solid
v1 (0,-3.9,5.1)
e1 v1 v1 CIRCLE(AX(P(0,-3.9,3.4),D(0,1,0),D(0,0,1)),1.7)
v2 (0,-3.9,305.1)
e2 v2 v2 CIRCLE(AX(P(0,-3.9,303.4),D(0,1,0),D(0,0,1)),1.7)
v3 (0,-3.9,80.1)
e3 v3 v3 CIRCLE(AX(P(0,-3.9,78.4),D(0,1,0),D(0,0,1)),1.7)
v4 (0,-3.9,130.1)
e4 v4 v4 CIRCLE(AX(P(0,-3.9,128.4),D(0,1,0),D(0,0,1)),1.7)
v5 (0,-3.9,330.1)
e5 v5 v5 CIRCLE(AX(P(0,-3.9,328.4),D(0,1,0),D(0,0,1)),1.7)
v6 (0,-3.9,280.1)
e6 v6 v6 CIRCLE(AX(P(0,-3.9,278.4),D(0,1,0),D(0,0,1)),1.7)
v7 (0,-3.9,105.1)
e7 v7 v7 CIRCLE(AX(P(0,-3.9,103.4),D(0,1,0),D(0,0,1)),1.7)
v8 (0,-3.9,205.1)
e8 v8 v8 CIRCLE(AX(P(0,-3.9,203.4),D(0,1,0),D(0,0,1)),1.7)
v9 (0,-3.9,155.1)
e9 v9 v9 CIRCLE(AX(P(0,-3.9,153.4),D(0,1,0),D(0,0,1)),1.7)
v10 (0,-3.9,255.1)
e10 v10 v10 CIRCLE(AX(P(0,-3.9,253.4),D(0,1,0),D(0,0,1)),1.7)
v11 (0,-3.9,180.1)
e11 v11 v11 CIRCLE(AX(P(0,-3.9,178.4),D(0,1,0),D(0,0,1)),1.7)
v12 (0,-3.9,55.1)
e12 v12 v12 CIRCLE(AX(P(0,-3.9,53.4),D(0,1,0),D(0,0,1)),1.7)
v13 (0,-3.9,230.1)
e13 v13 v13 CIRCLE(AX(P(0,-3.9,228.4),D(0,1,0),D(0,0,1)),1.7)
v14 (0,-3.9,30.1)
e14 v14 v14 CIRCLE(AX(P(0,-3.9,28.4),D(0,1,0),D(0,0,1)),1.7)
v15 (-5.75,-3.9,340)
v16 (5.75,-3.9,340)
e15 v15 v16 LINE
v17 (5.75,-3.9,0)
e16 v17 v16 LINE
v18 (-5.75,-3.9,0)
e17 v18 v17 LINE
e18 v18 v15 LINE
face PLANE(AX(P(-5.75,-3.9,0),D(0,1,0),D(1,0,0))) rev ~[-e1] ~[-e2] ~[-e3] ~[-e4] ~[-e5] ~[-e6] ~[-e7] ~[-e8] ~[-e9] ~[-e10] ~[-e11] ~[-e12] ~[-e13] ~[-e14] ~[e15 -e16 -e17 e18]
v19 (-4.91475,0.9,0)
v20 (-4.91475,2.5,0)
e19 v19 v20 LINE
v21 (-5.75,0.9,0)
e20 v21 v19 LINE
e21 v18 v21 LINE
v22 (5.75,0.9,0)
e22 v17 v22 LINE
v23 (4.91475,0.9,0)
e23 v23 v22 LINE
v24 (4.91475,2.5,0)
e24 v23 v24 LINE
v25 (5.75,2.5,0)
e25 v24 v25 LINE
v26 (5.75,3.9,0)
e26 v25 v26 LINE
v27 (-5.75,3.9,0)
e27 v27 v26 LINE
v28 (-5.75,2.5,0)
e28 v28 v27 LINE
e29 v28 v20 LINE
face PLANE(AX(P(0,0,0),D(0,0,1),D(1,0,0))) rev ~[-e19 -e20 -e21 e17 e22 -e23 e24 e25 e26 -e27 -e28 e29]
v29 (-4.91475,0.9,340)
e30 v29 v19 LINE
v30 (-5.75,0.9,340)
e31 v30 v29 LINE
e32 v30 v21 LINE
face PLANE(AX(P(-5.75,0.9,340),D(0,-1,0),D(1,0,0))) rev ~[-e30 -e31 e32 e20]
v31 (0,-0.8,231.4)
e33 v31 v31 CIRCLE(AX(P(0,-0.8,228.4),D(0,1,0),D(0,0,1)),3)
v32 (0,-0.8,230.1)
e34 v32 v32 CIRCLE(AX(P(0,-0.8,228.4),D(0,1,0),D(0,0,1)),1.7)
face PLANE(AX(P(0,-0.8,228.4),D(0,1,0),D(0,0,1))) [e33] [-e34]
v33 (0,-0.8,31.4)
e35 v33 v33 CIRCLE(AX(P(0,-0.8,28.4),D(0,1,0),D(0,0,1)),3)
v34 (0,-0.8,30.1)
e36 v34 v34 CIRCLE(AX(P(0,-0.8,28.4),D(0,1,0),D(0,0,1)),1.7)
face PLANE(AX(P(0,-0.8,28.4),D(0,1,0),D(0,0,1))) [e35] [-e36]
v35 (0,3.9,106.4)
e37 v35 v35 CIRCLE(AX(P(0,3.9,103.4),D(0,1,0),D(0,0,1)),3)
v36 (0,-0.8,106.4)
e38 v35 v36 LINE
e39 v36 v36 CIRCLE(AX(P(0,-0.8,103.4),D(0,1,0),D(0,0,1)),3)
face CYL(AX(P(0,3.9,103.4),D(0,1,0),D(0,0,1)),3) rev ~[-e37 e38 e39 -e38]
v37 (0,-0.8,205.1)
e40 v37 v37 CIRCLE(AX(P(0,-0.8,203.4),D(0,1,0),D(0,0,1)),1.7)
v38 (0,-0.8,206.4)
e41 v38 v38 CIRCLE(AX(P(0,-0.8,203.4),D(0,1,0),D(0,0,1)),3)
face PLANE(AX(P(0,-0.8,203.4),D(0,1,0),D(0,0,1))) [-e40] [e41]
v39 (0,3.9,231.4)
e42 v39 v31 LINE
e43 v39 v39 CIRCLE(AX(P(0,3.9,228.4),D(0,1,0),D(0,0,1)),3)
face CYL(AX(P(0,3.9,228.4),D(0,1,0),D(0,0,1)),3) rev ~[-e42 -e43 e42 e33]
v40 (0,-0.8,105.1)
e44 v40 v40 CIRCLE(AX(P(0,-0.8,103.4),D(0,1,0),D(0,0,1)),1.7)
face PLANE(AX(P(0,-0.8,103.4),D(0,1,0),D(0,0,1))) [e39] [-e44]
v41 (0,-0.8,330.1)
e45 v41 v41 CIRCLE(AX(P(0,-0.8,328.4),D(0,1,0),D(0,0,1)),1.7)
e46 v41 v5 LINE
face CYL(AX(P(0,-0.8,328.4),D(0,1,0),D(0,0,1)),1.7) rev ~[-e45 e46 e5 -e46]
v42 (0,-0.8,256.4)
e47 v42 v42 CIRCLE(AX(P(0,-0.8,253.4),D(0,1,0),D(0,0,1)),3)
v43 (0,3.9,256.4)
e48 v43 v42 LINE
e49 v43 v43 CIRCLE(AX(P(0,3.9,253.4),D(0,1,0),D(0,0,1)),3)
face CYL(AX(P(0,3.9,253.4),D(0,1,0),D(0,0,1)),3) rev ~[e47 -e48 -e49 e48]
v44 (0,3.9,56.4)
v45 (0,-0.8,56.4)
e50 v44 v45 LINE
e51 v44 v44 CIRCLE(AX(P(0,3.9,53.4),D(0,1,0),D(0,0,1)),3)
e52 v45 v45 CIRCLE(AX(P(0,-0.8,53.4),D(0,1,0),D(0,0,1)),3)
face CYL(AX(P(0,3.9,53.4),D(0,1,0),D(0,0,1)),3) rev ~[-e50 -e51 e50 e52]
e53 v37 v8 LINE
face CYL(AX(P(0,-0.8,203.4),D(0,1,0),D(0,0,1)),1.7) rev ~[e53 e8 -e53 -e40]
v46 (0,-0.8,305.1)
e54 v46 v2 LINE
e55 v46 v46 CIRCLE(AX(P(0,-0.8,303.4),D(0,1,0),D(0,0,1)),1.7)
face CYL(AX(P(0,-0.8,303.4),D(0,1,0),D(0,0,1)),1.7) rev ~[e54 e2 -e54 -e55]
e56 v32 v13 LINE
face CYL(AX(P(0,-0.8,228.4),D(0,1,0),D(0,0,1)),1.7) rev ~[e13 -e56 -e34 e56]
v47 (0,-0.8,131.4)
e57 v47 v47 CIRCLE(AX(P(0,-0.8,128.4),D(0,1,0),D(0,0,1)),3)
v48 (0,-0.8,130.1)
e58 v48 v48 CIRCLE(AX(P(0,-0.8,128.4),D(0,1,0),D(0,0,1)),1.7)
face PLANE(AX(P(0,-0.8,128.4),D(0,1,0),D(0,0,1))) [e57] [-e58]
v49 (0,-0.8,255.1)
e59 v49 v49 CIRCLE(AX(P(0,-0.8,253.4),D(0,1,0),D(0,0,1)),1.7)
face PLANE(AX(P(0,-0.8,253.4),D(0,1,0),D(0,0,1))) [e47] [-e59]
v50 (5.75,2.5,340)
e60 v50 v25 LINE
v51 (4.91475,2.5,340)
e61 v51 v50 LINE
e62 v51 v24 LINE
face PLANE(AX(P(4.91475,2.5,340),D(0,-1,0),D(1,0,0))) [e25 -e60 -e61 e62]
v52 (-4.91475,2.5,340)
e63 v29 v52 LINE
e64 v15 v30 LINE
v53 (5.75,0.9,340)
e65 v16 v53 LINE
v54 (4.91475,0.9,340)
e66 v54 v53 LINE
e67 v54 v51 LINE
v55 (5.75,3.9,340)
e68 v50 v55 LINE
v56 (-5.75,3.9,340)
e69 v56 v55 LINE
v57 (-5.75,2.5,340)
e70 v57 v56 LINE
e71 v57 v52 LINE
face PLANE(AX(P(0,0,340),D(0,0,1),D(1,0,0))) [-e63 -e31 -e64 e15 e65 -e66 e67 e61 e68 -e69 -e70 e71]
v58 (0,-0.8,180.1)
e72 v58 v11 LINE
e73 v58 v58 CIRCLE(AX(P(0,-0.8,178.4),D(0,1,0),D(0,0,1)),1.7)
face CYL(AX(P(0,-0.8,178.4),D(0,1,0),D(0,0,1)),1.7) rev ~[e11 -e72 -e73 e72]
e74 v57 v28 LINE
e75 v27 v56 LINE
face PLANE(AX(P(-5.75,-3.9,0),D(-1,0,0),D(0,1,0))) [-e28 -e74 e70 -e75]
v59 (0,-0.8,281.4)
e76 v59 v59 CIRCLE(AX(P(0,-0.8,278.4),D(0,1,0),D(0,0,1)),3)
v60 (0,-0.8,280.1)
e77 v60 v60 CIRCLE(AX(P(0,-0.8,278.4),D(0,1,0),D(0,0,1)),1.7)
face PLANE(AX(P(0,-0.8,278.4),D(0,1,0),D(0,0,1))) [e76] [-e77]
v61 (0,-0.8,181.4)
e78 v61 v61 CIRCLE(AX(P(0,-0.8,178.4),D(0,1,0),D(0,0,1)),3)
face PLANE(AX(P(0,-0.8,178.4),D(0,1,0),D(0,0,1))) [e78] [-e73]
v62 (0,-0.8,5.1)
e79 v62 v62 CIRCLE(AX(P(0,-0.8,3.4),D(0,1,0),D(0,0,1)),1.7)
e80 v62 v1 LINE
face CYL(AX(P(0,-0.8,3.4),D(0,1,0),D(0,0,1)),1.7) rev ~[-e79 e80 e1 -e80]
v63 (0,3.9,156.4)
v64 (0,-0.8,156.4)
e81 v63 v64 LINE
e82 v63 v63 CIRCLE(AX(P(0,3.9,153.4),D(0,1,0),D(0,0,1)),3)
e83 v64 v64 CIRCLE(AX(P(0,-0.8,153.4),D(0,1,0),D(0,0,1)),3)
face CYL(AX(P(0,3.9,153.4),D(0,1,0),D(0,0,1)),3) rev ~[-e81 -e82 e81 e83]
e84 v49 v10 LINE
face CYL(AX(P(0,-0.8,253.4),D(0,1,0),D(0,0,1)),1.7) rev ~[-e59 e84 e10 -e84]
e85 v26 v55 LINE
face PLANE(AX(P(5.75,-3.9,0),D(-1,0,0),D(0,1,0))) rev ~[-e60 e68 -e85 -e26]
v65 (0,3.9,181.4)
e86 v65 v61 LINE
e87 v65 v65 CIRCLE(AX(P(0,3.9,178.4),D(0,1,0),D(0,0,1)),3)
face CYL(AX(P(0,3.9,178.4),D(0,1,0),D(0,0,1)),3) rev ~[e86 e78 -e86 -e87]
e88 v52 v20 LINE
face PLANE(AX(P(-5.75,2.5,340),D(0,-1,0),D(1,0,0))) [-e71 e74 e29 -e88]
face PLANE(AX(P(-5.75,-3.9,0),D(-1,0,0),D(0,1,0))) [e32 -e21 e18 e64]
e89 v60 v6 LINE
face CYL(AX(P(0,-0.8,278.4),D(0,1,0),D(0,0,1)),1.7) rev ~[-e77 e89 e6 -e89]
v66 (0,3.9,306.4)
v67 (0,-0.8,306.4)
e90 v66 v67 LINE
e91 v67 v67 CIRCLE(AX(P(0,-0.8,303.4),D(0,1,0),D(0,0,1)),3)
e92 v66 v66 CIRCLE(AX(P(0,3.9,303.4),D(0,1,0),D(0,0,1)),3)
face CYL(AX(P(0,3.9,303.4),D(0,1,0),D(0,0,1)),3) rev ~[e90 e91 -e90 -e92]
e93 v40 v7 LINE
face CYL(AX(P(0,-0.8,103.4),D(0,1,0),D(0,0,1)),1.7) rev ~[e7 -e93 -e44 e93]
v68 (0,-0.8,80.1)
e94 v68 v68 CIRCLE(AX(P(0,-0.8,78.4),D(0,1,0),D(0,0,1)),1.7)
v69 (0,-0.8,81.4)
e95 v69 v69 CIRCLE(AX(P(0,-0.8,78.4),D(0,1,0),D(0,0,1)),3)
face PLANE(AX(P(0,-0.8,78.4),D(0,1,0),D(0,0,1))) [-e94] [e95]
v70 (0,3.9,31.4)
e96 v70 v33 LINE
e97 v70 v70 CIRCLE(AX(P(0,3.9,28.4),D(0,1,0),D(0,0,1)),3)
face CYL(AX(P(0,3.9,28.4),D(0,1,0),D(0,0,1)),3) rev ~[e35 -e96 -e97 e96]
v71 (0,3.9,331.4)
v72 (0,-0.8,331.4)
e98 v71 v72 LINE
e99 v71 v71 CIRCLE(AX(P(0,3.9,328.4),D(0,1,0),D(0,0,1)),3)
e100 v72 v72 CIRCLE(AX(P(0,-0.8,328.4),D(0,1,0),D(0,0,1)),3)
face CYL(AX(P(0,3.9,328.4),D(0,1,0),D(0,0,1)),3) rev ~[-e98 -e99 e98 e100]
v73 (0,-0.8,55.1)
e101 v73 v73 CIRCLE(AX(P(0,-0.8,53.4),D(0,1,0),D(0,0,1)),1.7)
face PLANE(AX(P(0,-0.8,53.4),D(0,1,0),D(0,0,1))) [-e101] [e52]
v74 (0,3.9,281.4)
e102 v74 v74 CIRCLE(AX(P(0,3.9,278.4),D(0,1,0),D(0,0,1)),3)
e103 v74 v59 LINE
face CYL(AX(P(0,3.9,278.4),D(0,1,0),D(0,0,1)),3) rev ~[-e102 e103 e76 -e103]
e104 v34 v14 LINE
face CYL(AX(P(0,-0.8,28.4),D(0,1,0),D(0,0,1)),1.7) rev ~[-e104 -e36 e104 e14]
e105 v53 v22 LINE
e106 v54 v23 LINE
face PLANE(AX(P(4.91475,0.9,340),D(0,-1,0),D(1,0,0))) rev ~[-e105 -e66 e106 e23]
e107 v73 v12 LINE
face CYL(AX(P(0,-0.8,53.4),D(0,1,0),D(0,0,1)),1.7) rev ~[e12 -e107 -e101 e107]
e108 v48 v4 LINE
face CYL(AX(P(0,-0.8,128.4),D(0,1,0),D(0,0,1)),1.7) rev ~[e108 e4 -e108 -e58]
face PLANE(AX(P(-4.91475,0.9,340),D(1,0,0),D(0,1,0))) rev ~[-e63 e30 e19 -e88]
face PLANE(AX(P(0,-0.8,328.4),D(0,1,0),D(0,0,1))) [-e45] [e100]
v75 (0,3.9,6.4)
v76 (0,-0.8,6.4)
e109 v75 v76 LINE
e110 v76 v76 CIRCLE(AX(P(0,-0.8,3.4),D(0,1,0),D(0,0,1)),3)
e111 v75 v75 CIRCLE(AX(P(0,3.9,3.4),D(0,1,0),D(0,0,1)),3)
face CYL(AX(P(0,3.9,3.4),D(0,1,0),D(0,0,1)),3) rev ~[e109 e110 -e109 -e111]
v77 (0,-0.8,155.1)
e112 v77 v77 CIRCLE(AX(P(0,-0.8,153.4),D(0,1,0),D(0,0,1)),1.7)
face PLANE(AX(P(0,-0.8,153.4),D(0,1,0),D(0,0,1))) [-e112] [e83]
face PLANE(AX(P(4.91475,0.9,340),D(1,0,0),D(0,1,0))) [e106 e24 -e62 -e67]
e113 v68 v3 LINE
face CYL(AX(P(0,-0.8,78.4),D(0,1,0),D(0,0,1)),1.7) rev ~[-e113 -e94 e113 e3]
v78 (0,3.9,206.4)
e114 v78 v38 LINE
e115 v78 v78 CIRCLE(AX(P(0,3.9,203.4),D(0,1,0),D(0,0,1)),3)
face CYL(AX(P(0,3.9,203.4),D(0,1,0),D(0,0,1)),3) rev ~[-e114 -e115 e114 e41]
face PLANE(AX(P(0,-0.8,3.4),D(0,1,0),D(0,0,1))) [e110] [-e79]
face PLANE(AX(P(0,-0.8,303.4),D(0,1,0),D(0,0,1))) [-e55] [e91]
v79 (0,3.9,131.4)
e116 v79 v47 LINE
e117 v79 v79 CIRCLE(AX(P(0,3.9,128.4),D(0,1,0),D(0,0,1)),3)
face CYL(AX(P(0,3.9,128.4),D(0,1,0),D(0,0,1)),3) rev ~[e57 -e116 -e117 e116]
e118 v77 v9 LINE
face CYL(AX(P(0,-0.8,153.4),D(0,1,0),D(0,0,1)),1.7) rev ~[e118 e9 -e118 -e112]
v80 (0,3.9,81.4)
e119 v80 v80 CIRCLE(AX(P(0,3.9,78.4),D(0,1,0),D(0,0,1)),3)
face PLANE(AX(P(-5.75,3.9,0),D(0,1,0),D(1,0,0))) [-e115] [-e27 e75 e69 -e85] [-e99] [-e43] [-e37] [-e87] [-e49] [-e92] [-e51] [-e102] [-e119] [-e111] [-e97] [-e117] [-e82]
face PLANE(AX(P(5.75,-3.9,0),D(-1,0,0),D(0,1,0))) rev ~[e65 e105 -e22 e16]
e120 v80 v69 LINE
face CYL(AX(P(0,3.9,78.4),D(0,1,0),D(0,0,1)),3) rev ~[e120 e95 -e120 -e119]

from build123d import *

# Parameters (mm, degrees)
SKETCH1_W           = 11.5
SKETCH1_H           = 7.8
BOSS_EXTRUDE1_DEPTH = 340
SKETCH2_W           = 0.835250229
SKETCH2_H           = 1.6
CUT_EXTRUDE1_DEPTH  = 341.070981561
SKETCH3_R           = 3
CUT_EXTRUDE2_DEPTH  = 4.7
SKETCH4_R           = 1.7
CUT_EXTRUDE3_DEPTH  = 341.081096946


with BuildPart() as part:
    # Sketch1 → Boss-Extrude1 (new body)
    with BuildSketch(Plane.XY):
        Rectangle(SKETCH1_W, SKETCH1_H)
    extrude(amount=BOSS_EXTRUDE1_DEPTH)

    # Sketch2 → Cut-Extrude1 (cut, through all)
    with BuildSketch(Plane.XY.offset(340)):
        with Locations((5.332374886, 1.7)):
            Rectangle(SKETCH2_W, SKETCH2_H)
        with Locations((-5.332374886, 1.7)):
            Rectangle(SKETCH2_W, SKETCH2_H)
    extrude(amount=-CUT_EXTRUDE1_DEPTH, mode=Mode.SUBTRACT)

    # Sketch3 → Cut-Extrude2 (cut)
    with BuildSketch(Plane(origin=(0, 3.9, 0), x_dir=(1, 0, 0), z_dir=(0, 1, 0))):
        with Locations(Location((0, -328.4, 0), (0, 0, 270))):
            Circle(SKETCH3_R)
        with Locations(Location((0, -303.4, 0), (0, 0, 270))):
            Circle(SKETCH3_R)
        with Locations(Location((0, -278.4, 0), (0, 0, 270))):
            Circle(SKETCH3_R)
        with Locations(Location((0, -253.4, 0), (0, 0, 270))):
            Circle(SKETCH3_R)
        with Locations(Location((0, -228.4, 0), (0, 0, 270))):
            Circle(SKETCH3_R)
        with Locations(Location((0, -203.4, 0), (0, 0, 270))):
            Circle(SKETCH3_R)
        with Locations(Location((0, -178.4, 0), (0, 0, 270))):
            Circle(SKETCH3_R)
        with Locations(Location((0, -153.4, 0), (0, 0, 270))):
            Circle(SKETCH3_R)
        with Locations(Location((0, -128.4, 0), (0, 0, 270))):
            Circle(SKETCH3_R)
        with Locations(Location((0, -103.4, 0), (0, 0, 270))):
            Circle(SKETCH3_R)
        with Locations(Location((0, -78.4, 0), (0, 0, 270))):
            Circle(SKETCH3_R)
        with Locations(Location((0, -53.4, 0), (0, 0, 270))):
            Circle(SKETCH3_R)
        with Locations(Location((0, -28.4, 0), (0, 0, 270))):
            Circle(SKETCH3_R)
        with Locations(Location((0, -3.4, 0), (0, 0, 270))):
            Circle(SKETCH3_R)
        with Locations((0, 21.6)):
            Circle(SKETCH3_R)
        with Locations((0, 46.6)):
            Circle(SKETCH3_R)
        with Locations((0, 71.6)):
            Circle(SKETCH3_R)
        with Locations((0, 96.6)):
            Circle(SKETCH3_R)
        with Locations((0, 121.6)):
            Circle(SKETCH3_R)
        with Locations((0, 146.6)):
            Circle(SKETCH3_R)
        with Locations((0, 171.6)):
            Circle(SKETCH3_R)
        with Locations((0, 196.6)):
            Circle(SKETCH3_R)
        with Locations((0, 221.6)):
            Circle(SKETCH3_R)
        with Locations((0, 246.6)):
            Circle(SKETCH3_R)
        with Locations((0, 271.6)):
            Circle(SKETCH3_R)
    extrude(amount=-CUT_EXTRUDE2_DEPTH, mode=Mode.SUBTRACT)

    # Sketch4 → Cut-Extrude3 (cut, through all)
    with BuildSketch(Plane(origin=(0, -0.8, 0), x_dir=(1, 0, 0), z_dir=(0, 1, 0))):
        with Locations(Location((0, -328.4, 0), (0, 0, 270))):
            Circle(SKETCH4_R)
        with Locations(Location((0, -303.4, 0), (0, 0, 270))):
            Circle(SKETCH4_R)
        with Locations(Location((0, -278.4, 0), (0, 0, 270))):
            Circle(SKETCH4_R)
        with Locations(Location((0, -253.4, 0), (0, 0, 270))):
            Circle(SKETCH4_R)
        with Locations(Location((0, -228.4, 0), (0, 0, 270))):
            Circle(SKETCH4_R)
        with Locations(Location((0, -203.4, 0), (0, 0, 270))):
            Circle(SKETCH4_R)
        with Locations(Location((0, -178.4, 0), (0, 0, 270))):
            Circle(SKETCH4_R)
        with Locations(Location((0, -153.4, 0), (0, 0, 270))):
            Circle(SKETCH4_R)
        with Locations(Location((0, -128.4, 0), (0, 0, 270))):
            Circle(SKETCH4_R)
        with Locations(Location((0, -103.4, 0), (0, 0, 270))):
            Circle(SKETCH4_R)
        with Locations(Location((0, -78.4, 0), (0, 0, 270))):
            Circle(SKETCH4_R)
        with Locations(Location((0, -53.4, 0), (0, 0, 270))):
            Circle(SKETCH4_R)
        with Locations(Location((0, -28.4, 0), (0, 0, 270))):
            Circle(SKETCH4_R)
        with Locations(Location((0, -3.4, 0), (0, 0, 270))):
            Circle(SKETCH4_R)
        with Locations((0, 21.6)):
            Circle(SKETCH4_R)
        with Locations((0, 46.6)):
            Circle(SKETCH4_R)
        with Locations((0, 71.6)):
            Circle(SKETCH4_R)
        with Locations((0, 96.6)):
            Circle(SKETCH4_R)
        with Locations((0, 121.6)):
            Circle(SKETCH4_R)
        with Locations((0, 146.6)):
            Circle(SKETCH4_R)
        with Locations((0, 171.6)):
            Circle(SKETCH4_R)
        with Locations((0, 196.6)):
            Circle(SKETCH4_R)
        with Locations((0, 221.6)):
            Circle(SKETCH4_R)
        with Locations((0, 246.6)):
            Circle(SKETCH4_R)
        with Locations((0, 271.6)):
            Circle(SKETCH4_R)
    extrude(amount=-CUT_EXTRUDE3_DEPTH, mode=Mode.SUBTRACT)


solid = part.part
